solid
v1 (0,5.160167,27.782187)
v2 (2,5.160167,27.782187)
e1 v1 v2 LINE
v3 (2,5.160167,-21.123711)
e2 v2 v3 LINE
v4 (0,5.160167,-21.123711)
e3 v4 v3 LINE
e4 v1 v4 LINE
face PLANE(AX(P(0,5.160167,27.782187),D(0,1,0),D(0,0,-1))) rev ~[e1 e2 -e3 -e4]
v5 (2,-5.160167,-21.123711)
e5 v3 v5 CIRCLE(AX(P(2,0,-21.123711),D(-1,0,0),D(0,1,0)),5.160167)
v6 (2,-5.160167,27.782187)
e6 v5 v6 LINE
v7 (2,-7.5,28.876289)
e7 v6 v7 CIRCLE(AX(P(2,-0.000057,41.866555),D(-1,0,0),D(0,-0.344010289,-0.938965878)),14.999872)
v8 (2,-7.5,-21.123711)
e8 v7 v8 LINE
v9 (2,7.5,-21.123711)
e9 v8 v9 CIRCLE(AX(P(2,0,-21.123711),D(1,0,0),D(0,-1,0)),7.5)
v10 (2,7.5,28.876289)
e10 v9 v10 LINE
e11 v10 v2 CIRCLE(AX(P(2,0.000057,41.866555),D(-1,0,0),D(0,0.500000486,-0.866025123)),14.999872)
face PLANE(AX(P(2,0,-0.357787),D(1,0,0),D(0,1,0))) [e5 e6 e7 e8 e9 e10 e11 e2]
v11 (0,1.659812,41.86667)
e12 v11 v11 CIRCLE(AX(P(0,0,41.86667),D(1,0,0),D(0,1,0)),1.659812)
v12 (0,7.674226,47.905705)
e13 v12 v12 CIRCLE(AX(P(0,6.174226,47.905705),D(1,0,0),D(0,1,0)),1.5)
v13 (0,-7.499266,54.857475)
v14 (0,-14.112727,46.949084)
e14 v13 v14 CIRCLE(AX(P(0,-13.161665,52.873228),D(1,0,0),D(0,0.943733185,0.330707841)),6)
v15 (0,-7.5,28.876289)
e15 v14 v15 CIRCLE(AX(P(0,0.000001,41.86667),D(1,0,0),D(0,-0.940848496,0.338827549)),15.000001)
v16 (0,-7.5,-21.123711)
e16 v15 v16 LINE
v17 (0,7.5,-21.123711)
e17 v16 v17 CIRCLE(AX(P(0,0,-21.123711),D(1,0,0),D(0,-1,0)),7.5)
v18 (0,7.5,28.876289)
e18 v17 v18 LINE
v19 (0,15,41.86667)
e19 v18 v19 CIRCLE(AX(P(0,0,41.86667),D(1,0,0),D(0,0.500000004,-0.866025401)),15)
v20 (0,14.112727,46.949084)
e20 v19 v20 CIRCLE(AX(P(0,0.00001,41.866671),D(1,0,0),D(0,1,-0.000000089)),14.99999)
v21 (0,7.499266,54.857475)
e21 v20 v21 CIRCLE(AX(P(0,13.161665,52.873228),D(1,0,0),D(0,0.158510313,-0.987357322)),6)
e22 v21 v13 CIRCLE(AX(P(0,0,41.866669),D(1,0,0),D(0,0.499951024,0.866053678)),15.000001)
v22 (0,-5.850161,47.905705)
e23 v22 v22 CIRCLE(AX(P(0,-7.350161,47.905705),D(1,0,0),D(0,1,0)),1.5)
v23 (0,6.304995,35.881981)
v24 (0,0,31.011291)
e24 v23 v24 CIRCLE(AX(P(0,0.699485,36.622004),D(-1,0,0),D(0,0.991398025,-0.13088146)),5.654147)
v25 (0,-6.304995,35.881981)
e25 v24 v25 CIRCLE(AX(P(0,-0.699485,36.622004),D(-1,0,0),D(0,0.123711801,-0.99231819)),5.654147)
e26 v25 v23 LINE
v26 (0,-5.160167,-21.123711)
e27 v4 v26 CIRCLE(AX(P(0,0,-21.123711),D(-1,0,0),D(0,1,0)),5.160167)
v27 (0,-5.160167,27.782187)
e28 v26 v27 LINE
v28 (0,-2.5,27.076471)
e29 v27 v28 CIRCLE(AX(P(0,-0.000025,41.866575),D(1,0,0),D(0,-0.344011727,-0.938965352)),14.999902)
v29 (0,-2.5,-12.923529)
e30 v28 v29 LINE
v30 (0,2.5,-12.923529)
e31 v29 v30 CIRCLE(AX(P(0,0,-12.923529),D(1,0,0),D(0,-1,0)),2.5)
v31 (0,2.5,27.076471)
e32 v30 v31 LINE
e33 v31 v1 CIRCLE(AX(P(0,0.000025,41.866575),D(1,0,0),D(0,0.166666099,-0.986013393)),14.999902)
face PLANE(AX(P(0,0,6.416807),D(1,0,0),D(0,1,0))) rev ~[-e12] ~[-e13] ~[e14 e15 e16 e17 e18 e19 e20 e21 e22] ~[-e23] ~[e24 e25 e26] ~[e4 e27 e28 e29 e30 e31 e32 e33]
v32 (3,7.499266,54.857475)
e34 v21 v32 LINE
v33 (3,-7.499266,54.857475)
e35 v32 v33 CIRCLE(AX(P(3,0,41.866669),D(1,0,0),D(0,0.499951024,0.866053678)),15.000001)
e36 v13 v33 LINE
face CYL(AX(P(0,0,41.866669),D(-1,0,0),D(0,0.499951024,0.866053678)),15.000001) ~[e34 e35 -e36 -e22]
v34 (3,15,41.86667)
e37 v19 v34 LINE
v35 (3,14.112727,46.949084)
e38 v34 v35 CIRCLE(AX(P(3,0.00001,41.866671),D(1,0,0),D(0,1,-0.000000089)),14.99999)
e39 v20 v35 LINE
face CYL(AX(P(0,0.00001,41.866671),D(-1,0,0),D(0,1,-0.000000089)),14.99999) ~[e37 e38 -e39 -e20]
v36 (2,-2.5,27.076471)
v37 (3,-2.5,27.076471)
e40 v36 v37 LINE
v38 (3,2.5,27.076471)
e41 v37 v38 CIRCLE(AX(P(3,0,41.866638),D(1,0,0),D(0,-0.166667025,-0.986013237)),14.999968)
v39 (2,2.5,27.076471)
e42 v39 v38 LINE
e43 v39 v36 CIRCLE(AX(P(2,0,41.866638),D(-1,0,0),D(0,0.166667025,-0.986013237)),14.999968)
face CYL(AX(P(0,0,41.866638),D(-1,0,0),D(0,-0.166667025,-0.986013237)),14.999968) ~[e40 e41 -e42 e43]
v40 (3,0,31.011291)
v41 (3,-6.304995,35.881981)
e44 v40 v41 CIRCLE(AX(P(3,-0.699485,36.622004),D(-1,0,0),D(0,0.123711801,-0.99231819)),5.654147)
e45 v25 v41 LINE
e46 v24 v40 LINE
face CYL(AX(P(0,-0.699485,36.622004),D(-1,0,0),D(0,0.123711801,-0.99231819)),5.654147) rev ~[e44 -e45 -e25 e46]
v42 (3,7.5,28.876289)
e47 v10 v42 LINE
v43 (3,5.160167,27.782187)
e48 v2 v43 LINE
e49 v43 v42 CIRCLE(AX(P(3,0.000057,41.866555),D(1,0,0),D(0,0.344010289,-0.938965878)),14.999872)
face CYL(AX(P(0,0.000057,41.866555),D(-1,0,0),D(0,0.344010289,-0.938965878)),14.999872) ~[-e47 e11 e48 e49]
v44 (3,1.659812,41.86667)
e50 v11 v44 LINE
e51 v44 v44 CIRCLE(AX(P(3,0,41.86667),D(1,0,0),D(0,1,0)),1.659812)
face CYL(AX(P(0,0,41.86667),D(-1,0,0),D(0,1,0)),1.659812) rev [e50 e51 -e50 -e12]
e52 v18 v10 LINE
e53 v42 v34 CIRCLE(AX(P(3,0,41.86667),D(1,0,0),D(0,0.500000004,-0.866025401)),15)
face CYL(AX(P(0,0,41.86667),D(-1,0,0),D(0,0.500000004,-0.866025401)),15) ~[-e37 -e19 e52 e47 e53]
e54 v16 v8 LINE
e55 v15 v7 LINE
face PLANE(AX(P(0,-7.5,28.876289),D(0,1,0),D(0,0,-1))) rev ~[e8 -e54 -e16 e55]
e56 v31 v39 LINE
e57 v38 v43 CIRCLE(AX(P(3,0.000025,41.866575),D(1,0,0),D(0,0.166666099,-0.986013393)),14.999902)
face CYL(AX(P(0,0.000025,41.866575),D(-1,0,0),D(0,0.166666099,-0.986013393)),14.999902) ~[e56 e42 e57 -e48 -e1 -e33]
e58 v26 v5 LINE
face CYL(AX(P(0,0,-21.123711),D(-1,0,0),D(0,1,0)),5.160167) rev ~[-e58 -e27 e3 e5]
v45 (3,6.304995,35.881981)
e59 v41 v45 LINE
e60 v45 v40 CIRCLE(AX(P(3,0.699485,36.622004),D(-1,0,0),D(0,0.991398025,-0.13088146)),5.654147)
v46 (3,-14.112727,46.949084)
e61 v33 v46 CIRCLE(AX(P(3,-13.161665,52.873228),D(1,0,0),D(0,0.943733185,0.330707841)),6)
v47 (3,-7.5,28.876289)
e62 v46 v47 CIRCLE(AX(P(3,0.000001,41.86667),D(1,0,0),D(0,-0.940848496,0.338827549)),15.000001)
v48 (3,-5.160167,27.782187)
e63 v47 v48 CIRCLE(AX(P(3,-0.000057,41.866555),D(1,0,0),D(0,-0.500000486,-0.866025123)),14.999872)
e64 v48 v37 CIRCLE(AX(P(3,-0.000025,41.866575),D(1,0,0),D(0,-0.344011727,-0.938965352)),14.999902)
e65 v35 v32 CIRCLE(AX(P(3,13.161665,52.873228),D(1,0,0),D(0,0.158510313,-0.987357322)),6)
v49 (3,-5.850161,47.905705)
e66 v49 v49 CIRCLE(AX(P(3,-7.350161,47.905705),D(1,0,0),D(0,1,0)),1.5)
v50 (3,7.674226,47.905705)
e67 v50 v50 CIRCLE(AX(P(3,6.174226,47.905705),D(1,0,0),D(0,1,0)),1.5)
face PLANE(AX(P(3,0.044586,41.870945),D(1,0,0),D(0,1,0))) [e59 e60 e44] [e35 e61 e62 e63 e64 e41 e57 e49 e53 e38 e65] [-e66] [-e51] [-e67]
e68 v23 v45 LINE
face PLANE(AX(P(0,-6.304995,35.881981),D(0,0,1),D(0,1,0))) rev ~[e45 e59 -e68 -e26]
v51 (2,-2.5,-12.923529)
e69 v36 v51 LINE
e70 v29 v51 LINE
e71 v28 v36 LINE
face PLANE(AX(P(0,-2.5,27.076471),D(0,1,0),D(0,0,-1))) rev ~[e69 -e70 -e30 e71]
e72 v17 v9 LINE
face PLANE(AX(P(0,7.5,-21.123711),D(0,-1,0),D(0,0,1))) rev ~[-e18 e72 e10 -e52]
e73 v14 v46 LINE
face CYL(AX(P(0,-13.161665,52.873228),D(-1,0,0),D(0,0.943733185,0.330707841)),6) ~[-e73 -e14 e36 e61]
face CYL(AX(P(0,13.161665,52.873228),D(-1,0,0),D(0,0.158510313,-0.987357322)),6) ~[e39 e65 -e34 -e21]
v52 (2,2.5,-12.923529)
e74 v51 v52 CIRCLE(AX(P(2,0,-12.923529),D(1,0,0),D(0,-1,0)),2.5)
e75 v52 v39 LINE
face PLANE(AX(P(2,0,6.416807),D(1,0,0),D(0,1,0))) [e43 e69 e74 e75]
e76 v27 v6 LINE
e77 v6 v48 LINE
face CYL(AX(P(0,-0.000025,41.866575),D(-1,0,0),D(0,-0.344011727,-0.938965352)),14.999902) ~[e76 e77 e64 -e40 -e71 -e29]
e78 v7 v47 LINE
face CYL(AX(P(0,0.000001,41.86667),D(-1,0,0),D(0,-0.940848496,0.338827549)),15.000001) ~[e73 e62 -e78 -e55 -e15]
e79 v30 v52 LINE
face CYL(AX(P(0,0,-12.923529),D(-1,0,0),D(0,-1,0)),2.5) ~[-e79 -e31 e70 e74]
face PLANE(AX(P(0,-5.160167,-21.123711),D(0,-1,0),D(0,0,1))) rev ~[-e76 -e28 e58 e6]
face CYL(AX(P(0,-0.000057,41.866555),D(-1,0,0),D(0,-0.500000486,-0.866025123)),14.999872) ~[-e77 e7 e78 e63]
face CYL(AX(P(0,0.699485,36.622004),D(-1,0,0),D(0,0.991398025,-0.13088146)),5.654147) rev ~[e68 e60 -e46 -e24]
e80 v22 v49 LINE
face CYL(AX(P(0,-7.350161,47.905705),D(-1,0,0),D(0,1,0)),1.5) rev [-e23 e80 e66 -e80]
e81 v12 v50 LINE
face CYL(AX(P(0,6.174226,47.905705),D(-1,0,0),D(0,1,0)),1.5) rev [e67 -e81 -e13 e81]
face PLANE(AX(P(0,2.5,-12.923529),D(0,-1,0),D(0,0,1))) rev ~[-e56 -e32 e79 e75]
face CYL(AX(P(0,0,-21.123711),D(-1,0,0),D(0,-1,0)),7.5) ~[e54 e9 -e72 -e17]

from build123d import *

# Parameters (mm, degrees)
F0_R     = 1.5
F0_R_2   = 1.659812
F1_DEPTH = 3
F2_DEPTH = 2


with BuildPart() as f1:
    # F0 (on Right) → F1 (new body)
    with BuildSketch(Plane.YZ):
        with BuildLine():
            ThreePointArc((7.5, 28.876289), (12.990381, 34.36667), (15, 41.86667))
            ThreePointArc((15, 41.86667), (14.776517, 44.446311), (14.112727, 46.949084))
            ThreePointArc((14.112727, 46.949084), (13.929891, 47.430675), (13.730625, 47.905705))
            ThreePointArc((13.730625, 47.905705), (11.506747, 51.489288), (8.373187, 54.312141))
            ThreePointArc((8.373187, 54.312141), (7.940909, 54.592312), (7.499266, 54.857475))
            ThreePointArc((7.499266, 54.857475), (0, 56.86667), (-7.499266, 54.857475))
            ThreePointArc((-7.499266, 54.857475), (-7.940909, 54.592312), (-8.373187, 54.312141))
            ThreePointArc((-8.373187, 54.312141), (-11.506747, 51.489288), (-13.730625, 47.905705))
            ThreePointArc((-13.730625, 47.905705), (-13.929891, 47.430675), (-14.112727, 46.949084))
            ThreePointArc((-14.112727, 46.949084), (-14.086659, 36.712446), (-7.5, 28.876289))
            ThreePointArc((-7.5, 28.876289), (-6.353678, 28.278779), (-5.160167, 27.782187))
            ThreePointArc((-5.160167, 27.782187), (-3.846303, 27.368189), (-2.5, 27.076471))
            ThreePointArc((-2.5, 27.076471), (0, 26.86667), (2.5, 27.076471))
            ThreePointArc((2.5, 27.076471), (3.846303, 27.368189), (5.160167, 27.782187))
            ThreePointArc((5.160167, 27.782187), (6.353678, 28.278779), (7.5, 28.876289))
        make_face()
        with Locations((-7.350161, 47.905705)):
            Circle(F0_R, mode=Mode.SUBTRACT)
        with BuildLine():
            Line((-6.304995, 35.881981), (0, 35.881981))
            Line((0, 35.881981), (6.304995, 35.881981))
            ThreePointArc((6.304995, 35.881981), (4.156098, 32.147498), (0, 31.011291))
            ThreePointArc((0, 31.011291), (-4.156098, 32.147498), (-6.304995, 35.881981))
        make_face(mode=Mode.SUBTRACT)
        with Locations((0, 41.86667)):
            Circle(F0_R_2, mode=Mode.SUBTRACT)
        with Locations((6.174226, 47.905705)):
            Circle(F0_R, mode=Mode.SUBTRACT)
        with BuildLine():
            ThreePointArc((8.373187, 54.312141), (11.506747, 51.489288), (13.730625, 47.905705))
            ThreePointArc((13.730625, 47.905705), (16.997248, 56.080767), (8.373187, 54.312141))
        make_face()
        with BuildLine():
            ThreePointArc((-13.730625, 47.905705), (-11.506747, 51.489288), (-8.373187, 54.312141))
            ThreePointArc((-8.373187, 54.312141), (-16.997248, 56.080767), (-13.730625, 47.905705))
        make_face()
        with BuildLine():
            ThreePointArc((13.730625, 47.905705), (13.929891, 47.430675), (14.112727, 46.949084))
            ThreePointArc((14.112727, 46.949084), (17.764364, 56.722275), (7.499266, 54.857475))
            ThreePointArc((7.499266, 54.857475), (7.940909, 54.592312), (8.373187, 54.312141))
            ThreePointArc((8.373187, 54.312141), (16.997248, 56.080767), (13.730625, 47.905705))
        make_face()
        with BuildLine():
            ThreePointArc((-8.373187, 54.312141), (-7.940909, 54.592312), (-7.499266, 54.857475))
            ThreePointArc((-7.499266, 54.857475), (-17.764364, 56.722275), (-14.112727, 46.949084))
            ThreePointArc((-14.112727, 46.949084), (-13.929891, 47.430675), (-13.730625, 47.905705))
            ThreePointArc((-13.730625, 47.905705), (-16.997248, 56.080767), (-8.373187, 54.312141))
        make_face()
    extrude(amount=F1_DEPTH)

    # F0 (on Right) → F2 (join)
    with BuildSketch(Plane.YZ):
        with BuildLine():
            Line((2.5, -12.923529), (2.5, 27.076471))
            ThreePointArc((2.5, 27.076471), (0, 26.86667), (-2.5, 27.076471))
            Line((-2.5, 27.076471), (-2.5, -12.923529))
            ThreePointArc((-2.5, -12.923529), (0, -15.423529), (2.5, -12.923529))
        make_face()
        with BuildLine():
            Line((7.5, -21.123711), (7.5, 28.876289))
            ThreePointArc((7.5, 28.876289), (6.353678, 28.278779), (5.160167, 27.782187))
            Line((5.160167, 27.782187), (5.160167, -21.123711))
            ThreePointArc((5.160167, -21.123711), (0, -26.283878), (-5.160167, -21.123711))
            Line((-5.160167, -21.123711), (-5.160167, 27.782187))
            ThreePointArc((-5.160167, 27.782187), (-6.353678, 28.278779), (-7.5, 28.876289))
            Line((-7.5, 28.876289), (-7.5, -21.123711))
            ThreePointArc((-7.5, -21.123711), (0, -28.623711), (7.5, -21.123711))
        make_face()
    extrude(amount=F2_DEPTH)


solid = f1.part
